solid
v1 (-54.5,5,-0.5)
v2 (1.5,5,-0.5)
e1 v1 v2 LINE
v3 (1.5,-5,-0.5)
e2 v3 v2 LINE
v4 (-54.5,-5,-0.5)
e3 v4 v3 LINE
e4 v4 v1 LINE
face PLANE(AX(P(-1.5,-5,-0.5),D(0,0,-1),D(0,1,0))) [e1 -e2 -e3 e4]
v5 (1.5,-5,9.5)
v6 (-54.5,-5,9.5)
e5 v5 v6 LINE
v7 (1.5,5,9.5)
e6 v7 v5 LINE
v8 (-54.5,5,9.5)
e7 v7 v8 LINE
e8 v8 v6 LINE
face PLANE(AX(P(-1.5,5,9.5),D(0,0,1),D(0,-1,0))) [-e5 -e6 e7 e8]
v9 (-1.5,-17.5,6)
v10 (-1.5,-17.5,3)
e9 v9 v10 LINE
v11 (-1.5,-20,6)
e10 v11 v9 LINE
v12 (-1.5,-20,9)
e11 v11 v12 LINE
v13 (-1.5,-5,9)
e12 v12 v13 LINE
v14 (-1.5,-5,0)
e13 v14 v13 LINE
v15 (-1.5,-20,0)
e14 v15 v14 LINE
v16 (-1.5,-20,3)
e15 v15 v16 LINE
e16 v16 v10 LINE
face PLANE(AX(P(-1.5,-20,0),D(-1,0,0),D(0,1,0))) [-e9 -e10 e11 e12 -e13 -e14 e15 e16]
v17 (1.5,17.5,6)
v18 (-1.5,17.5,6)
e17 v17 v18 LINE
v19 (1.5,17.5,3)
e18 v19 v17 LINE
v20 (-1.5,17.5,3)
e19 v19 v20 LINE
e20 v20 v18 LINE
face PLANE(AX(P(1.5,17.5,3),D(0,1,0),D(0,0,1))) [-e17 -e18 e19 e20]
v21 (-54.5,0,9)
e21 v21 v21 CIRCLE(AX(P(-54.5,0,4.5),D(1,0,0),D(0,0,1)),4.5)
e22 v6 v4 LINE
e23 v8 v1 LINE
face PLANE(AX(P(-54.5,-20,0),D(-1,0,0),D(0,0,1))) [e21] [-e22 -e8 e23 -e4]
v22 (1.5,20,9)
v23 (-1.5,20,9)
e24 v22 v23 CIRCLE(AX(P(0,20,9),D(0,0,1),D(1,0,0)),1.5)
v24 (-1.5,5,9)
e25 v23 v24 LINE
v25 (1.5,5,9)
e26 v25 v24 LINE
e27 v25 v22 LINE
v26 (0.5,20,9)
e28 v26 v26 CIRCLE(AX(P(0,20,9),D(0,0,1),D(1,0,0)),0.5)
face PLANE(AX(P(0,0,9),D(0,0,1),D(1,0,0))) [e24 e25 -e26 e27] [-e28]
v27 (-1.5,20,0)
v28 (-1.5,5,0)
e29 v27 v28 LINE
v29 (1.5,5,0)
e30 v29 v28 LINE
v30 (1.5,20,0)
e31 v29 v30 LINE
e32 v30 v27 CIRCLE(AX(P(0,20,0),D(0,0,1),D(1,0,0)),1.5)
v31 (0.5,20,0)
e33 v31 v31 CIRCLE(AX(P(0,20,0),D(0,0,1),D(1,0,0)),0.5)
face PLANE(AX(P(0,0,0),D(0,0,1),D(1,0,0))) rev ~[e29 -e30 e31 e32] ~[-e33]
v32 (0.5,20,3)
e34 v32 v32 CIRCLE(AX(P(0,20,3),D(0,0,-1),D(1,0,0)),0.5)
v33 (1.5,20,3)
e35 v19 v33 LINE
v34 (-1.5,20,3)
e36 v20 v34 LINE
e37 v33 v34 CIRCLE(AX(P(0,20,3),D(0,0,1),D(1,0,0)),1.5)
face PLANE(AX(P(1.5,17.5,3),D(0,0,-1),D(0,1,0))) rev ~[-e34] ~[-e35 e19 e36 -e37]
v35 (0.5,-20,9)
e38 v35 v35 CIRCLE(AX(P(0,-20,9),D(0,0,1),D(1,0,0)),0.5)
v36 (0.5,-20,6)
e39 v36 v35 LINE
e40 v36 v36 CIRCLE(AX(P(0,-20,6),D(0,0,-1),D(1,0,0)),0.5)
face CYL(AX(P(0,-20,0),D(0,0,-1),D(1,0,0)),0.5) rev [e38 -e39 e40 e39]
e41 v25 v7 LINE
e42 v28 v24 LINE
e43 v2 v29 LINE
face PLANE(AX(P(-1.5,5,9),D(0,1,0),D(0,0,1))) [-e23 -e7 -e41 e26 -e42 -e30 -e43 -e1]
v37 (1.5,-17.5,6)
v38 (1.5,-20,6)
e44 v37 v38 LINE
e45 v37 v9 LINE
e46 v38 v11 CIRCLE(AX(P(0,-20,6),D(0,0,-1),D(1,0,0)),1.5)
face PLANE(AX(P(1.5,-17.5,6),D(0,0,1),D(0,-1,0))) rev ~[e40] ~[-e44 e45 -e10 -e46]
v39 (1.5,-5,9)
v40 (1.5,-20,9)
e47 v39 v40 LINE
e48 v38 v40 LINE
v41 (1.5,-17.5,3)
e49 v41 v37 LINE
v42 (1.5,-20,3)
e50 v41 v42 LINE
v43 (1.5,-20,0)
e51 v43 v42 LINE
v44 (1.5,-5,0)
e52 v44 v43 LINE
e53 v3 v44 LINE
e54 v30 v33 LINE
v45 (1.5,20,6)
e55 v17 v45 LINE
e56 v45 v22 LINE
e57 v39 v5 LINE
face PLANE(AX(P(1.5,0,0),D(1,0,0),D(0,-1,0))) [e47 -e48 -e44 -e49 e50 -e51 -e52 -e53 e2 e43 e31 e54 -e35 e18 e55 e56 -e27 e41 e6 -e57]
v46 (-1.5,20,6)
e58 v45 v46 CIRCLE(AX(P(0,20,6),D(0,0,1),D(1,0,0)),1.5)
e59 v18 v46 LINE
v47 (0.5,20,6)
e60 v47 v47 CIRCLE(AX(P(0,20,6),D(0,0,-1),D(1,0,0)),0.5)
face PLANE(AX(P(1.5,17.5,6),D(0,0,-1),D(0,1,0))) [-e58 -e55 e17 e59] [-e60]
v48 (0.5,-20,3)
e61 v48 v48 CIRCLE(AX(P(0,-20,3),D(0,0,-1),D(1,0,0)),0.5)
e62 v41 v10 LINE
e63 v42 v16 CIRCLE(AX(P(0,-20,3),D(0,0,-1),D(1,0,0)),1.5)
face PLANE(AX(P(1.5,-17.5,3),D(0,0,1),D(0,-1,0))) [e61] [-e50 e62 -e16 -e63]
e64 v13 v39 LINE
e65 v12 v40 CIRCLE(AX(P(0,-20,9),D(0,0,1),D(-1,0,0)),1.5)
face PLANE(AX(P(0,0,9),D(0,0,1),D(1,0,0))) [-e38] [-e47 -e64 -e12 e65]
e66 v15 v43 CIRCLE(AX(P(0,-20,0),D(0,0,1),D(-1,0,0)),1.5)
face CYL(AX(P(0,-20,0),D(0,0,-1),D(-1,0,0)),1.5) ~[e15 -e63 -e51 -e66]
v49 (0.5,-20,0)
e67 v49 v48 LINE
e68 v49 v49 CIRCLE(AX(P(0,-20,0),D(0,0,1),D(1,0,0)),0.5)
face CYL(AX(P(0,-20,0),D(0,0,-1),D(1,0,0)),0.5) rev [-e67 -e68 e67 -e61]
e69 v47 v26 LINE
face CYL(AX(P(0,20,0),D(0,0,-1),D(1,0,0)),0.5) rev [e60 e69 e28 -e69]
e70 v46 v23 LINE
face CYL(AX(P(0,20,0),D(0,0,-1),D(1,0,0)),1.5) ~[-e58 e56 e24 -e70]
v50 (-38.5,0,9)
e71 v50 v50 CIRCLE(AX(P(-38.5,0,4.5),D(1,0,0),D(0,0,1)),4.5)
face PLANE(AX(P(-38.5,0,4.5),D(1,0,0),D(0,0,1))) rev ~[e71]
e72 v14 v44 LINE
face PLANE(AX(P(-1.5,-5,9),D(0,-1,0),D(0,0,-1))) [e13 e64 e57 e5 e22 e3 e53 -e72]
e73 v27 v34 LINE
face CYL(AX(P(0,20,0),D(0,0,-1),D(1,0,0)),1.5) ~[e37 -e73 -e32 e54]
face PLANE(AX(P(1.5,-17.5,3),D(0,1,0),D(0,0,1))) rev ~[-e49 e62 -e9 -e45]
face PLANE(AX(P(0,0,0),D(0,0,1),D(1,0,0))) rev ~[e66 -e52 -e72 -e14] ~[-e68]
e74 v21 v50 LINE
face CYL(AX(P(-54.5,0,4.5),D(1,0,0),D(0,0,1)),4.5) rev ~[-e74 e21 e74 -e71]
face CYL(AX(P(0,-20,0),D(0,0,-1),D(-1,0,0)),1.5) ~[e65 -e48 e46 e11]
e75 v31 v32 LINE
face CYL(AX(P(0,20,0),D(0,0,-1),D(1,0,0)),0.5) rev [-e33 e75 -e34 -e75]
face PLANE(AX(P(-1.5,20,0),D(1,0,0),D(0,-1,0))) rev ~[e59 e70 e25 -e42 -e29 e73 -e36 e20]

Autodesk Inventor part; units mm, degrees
ref_plane "YZ Plane" through (0, 0, 0) normal (1, 0, 0) x (0, 1, 0)
ref_plane "XZ Plane" through (0, 0, 0) normal (0, 1, 0) x (-1, 0, 0)
ref_plane "XY Plane" through (0, 0, 0) normal (0, 0, 1) x (1, 0, 0)
sketch "Sketch1" plane through (0, 0, 0) normal (0, 0, 1) x (1, 0, 0)
  line L0 (1.5, 0) -> (1.5, 20)
  line L1 (-1.5, 20) -> (-1.5, 1.5)
  line L2 (1.5, 0) -> (1.5, -20)
  line L3 (-1.5, -20) -> (-1.5, -1.5)
  circle A0 centre (0, 20) radius 0.5
  arc A1 (1.5, 20) -> (-1.5, 20) centre (0, 20) ccw
  circle A2 centre (0, -20) radius 0.5
  arc A3 (-1.5, -20) -> (1.5, -20) centre (0, -20) ccw
  line L4 (-1.5, 1.5) -> (-1.5, -1.5)
  point P0 (0, 0)
extrude "Extrusion1" add sketch "Sketch1" along normal blind 9
sketch "Sketch3" plane through (-1.5, -20, 0) normal (-1, 0, 0) x (0, 0, 1)
  line L0 (9, 0) -> (9, 40) projected
  line L1 (9, 20) -> (0, 20)
  line L2 (0, 0) -> (0, 40) projected
  line L3 (9.5, 15) -> (-0.5, 15)
  line L4 (-0.5, 15) -> (-0.5, 25)
  line L5 (-0.5, 25) -> (9.5, 25)
  line L6 (9.5, 25) -> (9.5, 15)
  line L7 (9.5, 15) -> (-0.5, 25) construction
  line L8 (-0.5, 15) -> (9.5, 25) construction
  point P0 (4.5, 20)
  dimension "d29" = 10
  dimension "d30" = 10
extrude "Extrusion2" add sketch "Sketch3" along normal blind 53 and the other way blind 3
sketch "Sketch5" plane through (-54.5, -20, 0) normal (-1, 0, 0) x (0, 0, 1)
  line L0 (0, 15) -> (-0.5, 15) construction
  line L1 (9.5, 25) -> (9.5, 15) construction
  line L2 (-0.5, 15) -> (9.5, 25) construction
  point P0 (0, 20)
  point P1 (4.5, 20)
hole "Hole2" at (-54.5, 0, 4.5) direction (1, 0, 0) diameter 9 depth 16 clearance for "Hex Head Cap Screw ISO 24017" size "M8" standard "ISO"
sketch "Sketch6" plane through (1.5, 20, 9) normal (1, 0, 0) x (0, 0, -1)
  line L0 (9, -20) -> (-0.0817, -20) construction
  line L1 (6, -37.5) -> (6, -41.5)
  line L2 (6, -37.5) -> (3, -37.5)
  line L3 (3, -37.5) -> (3, -41.5)
  line L4 (6, -41.5) -> (3, -41.5)
  line L5 (6, -2.5) -> (6, 1.5)
  line L6 (6, -2.5) -> (3, -2.5)
  line L7 (3, -2.5) -> (3, 1.5)
  line L8 (6, 1.5) -> (3, 1.5)
extrude "Extrusion3" cut sketch "Sketch6" against normal through all
properties part number "Ciągaczka" material "Stainless Steel, 440C"
